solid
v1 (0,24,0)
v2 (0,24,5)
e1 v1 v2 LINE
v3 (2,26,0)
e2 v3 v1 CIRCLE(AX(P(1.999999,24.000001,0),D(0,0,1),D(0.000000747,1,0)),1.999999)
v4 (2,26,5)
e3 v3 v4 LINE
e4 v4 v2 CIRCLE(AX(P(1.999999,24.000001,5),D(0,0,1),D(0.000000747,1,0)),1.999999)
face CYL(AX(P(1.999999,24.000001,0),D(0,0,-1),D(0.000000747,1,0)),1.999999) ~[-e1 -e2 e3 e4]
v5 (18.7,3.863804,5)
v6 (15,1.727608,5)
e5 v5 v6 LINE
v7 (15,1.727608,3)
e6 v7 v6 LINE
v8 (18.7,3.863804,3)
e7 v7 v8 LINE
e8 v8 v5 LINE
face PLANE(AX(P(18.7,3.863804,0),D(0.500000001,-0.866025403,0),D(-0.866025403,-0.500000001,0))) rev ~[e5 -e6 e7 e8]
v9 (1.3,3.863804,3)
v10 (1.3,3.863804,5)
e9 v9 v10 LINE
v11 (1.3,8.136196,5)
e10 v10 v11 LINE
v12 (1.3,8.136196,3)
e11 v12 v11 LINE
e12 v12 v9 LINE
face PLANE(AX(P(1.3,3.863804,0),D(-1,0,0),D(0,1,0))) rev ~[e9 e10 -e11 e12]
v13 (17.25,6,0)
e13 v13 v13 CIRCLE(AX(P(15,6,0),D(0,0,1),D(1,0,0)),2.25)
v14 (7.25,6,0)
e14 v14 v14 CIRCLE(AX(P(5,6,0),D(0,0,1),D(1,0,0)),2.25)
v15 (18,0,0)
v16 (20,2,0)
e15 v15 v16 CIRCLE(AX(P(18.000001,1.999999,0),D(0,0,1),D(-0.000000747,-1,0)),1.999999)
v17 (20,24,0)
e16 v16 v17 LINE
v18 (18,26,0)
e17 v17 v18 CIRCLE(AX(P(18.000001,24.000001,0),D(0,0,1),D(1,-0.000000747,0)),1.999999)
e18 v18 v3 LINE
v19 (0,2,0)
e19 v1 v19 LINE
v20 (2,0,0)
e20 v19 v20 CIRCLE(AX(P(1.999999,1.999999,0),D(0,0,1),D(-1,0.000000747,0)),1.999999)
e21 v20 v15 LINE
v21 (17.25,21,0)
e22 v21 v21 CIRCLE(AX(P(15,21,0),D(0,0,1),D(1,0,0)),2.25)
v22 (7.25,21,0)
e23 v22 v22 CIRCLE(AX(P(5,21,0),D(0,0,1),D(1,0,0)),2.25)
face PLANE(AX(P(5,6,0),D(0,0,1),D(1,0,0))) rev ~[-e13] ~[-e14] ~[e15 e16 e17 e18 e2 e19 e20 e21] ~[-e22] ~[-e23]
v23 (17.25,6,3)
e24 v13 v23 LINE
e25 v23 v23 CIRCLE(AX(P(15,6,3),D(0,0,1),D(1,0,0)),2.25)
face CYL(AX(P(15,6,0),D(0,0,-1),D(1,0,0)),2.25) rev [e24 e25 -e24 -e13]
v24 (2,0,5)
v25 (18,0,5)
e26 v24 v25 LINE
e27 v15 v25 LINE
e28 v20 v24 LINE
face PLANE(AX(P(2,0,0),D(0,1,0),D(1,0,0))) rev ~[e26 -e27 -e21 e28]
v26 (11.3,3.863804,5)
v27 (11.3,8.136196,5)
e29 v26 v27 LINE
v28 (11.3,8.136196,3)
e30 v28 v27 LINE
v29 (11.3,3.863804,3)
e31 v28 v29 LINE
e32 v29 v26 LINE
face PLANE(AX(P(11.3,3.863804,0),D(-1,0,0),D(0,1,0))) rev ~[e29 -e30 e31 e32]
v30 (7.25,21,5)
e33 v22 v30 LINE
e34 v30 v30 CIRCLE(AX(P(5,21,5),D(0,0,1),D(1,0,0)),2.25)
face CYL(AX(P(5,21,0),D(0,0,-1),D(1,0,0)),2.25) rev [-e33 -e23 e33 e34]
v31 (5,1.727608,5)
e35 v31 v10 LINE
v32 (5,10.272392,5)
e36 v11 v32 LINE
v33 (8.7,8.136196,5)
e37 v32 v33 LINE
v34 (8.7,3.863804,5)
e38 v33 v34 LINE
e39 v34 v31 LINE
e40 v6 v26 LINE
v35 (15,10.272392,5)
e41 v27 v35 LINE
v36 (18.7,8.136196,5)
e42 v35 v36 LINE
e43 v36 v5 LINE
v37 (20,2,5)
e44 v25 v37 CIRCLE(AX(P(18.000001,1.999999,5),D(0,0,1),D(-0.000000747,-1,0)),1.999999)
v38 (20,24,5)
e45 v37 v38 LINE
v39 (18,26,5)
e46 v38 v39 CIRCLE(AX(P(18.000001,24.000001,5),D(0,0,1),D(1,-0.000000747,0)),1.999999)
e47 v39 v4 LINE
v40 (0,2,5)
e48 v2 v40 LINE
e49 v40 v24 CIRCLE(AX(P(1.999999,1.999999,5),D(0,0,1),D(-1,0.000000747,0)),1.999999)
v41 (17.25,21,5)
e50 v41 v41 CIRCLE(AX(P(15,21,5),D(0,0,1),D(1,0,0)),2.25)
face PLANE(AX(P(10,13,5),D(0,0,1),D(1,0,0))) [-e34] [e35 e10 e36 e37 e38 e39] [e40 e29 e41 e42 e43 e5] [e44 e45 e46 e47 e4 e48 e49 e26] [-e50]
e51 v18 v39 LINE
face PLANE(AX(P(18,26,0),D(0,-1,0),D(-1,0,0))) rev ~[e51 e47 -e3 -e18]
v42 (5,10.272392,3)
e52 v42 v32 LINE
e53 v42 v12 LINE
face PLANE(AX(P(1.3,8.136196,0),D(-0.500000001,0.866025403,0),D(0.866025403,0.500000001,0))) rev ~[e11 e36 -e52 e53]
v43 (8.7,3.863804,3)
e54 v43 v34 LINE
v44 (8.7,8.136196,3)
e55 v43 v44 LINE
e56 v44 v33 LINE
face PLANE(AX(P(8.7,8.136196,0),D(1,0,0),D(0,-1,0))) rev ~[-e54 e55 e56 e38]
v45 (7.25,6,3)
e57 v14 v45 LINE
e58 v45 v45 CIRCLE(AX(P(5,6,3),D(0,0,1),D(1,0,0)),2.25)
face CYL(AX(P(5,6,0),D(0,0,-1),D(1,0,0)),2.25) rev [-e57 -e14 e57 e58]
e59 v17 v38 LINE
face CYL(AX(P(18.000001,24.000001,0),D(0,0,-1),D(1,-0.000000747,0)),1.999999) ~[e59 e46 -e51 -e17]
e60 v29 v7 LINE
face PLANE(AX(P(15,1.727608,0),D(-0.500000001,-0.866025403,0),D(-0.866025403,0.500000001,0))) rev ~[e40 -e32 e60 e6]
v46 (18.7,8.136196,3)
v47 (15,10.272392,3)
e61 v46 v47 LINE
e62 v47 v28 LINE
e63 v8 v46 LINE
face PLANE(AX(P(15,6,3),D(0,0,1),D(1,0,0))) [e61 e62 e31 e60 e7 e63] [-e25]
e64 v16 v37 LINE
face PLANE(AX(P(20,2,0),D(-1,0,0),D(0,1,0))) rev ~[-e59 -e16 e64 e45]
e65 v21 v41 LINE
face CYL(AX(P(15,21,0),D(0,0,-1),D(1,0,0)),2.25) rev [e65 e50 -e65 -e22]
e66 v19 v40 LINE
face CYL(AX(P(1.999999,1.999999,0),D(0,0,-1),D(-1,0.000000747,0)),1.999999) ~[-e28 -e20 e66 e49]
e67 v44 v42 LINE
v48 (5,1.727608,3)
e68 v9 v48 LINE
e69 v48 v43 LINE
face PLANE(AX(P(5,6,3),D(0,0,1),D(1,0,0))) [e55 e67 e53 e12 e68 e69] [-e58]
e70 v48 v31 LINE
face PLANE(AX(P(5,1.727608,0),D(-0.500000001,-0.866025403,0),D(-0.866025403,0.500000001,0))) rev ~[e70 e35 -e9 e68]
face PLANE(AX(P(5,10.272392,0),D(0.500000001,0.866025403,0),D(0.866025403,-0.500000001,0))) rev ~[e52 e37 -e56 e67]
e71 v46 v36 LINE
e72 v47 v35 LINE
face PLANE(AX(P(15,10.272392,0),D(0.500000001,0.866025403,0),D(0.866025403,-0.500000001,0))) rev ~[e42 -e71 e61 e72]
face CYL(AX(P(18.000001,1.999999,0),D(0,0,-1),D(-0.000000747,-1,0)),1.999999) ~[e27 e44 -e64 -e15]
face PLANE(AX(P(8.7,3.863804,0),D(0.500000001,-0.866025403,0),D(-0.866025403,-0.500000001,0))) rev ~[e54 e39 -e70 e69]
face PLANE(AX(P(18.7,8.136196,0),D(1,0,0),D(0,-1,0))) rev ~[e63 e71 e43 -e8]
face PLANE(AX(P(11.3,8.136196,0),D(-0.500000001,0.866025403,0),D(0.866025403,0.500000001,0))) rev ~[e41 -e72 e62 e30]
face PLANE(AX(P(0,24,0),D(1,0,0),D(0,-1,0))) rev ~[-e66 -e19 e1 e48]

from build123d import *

# Parameters (mm, degrees)
F0_R     = 2.25
F1_DEPTH = 5
F2_DEPTH = 3


with BuildPart() as f1:
    # F0 (on Top) → F1 (new body)
    with BuildSketch(Plane.XY):
        with BuildLine():
            ThreePointArc((0, 2), (0.585786, 0.585786), (2, 0))
            Line((2, 0), (18, 0))
            ThreePointArc((18, 0), (19.414214, 0.585786), (20, 2))
            Line((20, 2), (20, 24))
            ThreePointArc((20, 24), (19.414214, 25.414214), (18, 26))
            Line((18, 26), (2, 26))
            ThreePointArc((2, 26), (0.585786, 25.414214), (0, 24))
            Line((0, 24), (0, 2))
        make_face()
        Polygon((5, 1.727608), (1.3, 3.863804), (1.3, 8.136196), (5, 10.272392), (8.7, 8.136196), (8.7, 3.863804), align=None, mode=Mode.SUBTRACT)
        Polygon((15, 1.727608), (11.3, 3.863804), (11.3, 8.136196), (15, 10.272392), (18.7, 8.136196), (18.7, 3.863804), align=None, mode=Mode.SUBTRACT)
        with Locations((5, 21)):
            Circle(F0_R, mode=Mode.SUBTRACT)
        with Locations((15, 21)):
            Circle(F0_R, mode=Mode.SUBTRACT)
    extrude(amount=F1_DEPTH)

    # F0 (on Top) → F2 (join)
    with BuildSketch(Plane.XY):
        Polygon((1.3, 8.136196), (1.3, 3.863804), (5, 1.727608), (8.7, 3.863804), (8.7, 8.136196), (5, 10.272392), align=None)
        with Locations((5, 6)):
            Circle(F0_R, mode=Mode.SUBTRACT)
        Polygon((11.3, 8.136196), (11.3, 3.863804), (15, 1.727608), (18.7, 3.863804), (18.7, 8.136196), (15, 10.272392), align=None)
        with Locations((15, 6)):
            Circle(F0_R, mode=Mode.SUBTRACT)
    extrude(amount=F2_DEPTH)


solid = f1.part
